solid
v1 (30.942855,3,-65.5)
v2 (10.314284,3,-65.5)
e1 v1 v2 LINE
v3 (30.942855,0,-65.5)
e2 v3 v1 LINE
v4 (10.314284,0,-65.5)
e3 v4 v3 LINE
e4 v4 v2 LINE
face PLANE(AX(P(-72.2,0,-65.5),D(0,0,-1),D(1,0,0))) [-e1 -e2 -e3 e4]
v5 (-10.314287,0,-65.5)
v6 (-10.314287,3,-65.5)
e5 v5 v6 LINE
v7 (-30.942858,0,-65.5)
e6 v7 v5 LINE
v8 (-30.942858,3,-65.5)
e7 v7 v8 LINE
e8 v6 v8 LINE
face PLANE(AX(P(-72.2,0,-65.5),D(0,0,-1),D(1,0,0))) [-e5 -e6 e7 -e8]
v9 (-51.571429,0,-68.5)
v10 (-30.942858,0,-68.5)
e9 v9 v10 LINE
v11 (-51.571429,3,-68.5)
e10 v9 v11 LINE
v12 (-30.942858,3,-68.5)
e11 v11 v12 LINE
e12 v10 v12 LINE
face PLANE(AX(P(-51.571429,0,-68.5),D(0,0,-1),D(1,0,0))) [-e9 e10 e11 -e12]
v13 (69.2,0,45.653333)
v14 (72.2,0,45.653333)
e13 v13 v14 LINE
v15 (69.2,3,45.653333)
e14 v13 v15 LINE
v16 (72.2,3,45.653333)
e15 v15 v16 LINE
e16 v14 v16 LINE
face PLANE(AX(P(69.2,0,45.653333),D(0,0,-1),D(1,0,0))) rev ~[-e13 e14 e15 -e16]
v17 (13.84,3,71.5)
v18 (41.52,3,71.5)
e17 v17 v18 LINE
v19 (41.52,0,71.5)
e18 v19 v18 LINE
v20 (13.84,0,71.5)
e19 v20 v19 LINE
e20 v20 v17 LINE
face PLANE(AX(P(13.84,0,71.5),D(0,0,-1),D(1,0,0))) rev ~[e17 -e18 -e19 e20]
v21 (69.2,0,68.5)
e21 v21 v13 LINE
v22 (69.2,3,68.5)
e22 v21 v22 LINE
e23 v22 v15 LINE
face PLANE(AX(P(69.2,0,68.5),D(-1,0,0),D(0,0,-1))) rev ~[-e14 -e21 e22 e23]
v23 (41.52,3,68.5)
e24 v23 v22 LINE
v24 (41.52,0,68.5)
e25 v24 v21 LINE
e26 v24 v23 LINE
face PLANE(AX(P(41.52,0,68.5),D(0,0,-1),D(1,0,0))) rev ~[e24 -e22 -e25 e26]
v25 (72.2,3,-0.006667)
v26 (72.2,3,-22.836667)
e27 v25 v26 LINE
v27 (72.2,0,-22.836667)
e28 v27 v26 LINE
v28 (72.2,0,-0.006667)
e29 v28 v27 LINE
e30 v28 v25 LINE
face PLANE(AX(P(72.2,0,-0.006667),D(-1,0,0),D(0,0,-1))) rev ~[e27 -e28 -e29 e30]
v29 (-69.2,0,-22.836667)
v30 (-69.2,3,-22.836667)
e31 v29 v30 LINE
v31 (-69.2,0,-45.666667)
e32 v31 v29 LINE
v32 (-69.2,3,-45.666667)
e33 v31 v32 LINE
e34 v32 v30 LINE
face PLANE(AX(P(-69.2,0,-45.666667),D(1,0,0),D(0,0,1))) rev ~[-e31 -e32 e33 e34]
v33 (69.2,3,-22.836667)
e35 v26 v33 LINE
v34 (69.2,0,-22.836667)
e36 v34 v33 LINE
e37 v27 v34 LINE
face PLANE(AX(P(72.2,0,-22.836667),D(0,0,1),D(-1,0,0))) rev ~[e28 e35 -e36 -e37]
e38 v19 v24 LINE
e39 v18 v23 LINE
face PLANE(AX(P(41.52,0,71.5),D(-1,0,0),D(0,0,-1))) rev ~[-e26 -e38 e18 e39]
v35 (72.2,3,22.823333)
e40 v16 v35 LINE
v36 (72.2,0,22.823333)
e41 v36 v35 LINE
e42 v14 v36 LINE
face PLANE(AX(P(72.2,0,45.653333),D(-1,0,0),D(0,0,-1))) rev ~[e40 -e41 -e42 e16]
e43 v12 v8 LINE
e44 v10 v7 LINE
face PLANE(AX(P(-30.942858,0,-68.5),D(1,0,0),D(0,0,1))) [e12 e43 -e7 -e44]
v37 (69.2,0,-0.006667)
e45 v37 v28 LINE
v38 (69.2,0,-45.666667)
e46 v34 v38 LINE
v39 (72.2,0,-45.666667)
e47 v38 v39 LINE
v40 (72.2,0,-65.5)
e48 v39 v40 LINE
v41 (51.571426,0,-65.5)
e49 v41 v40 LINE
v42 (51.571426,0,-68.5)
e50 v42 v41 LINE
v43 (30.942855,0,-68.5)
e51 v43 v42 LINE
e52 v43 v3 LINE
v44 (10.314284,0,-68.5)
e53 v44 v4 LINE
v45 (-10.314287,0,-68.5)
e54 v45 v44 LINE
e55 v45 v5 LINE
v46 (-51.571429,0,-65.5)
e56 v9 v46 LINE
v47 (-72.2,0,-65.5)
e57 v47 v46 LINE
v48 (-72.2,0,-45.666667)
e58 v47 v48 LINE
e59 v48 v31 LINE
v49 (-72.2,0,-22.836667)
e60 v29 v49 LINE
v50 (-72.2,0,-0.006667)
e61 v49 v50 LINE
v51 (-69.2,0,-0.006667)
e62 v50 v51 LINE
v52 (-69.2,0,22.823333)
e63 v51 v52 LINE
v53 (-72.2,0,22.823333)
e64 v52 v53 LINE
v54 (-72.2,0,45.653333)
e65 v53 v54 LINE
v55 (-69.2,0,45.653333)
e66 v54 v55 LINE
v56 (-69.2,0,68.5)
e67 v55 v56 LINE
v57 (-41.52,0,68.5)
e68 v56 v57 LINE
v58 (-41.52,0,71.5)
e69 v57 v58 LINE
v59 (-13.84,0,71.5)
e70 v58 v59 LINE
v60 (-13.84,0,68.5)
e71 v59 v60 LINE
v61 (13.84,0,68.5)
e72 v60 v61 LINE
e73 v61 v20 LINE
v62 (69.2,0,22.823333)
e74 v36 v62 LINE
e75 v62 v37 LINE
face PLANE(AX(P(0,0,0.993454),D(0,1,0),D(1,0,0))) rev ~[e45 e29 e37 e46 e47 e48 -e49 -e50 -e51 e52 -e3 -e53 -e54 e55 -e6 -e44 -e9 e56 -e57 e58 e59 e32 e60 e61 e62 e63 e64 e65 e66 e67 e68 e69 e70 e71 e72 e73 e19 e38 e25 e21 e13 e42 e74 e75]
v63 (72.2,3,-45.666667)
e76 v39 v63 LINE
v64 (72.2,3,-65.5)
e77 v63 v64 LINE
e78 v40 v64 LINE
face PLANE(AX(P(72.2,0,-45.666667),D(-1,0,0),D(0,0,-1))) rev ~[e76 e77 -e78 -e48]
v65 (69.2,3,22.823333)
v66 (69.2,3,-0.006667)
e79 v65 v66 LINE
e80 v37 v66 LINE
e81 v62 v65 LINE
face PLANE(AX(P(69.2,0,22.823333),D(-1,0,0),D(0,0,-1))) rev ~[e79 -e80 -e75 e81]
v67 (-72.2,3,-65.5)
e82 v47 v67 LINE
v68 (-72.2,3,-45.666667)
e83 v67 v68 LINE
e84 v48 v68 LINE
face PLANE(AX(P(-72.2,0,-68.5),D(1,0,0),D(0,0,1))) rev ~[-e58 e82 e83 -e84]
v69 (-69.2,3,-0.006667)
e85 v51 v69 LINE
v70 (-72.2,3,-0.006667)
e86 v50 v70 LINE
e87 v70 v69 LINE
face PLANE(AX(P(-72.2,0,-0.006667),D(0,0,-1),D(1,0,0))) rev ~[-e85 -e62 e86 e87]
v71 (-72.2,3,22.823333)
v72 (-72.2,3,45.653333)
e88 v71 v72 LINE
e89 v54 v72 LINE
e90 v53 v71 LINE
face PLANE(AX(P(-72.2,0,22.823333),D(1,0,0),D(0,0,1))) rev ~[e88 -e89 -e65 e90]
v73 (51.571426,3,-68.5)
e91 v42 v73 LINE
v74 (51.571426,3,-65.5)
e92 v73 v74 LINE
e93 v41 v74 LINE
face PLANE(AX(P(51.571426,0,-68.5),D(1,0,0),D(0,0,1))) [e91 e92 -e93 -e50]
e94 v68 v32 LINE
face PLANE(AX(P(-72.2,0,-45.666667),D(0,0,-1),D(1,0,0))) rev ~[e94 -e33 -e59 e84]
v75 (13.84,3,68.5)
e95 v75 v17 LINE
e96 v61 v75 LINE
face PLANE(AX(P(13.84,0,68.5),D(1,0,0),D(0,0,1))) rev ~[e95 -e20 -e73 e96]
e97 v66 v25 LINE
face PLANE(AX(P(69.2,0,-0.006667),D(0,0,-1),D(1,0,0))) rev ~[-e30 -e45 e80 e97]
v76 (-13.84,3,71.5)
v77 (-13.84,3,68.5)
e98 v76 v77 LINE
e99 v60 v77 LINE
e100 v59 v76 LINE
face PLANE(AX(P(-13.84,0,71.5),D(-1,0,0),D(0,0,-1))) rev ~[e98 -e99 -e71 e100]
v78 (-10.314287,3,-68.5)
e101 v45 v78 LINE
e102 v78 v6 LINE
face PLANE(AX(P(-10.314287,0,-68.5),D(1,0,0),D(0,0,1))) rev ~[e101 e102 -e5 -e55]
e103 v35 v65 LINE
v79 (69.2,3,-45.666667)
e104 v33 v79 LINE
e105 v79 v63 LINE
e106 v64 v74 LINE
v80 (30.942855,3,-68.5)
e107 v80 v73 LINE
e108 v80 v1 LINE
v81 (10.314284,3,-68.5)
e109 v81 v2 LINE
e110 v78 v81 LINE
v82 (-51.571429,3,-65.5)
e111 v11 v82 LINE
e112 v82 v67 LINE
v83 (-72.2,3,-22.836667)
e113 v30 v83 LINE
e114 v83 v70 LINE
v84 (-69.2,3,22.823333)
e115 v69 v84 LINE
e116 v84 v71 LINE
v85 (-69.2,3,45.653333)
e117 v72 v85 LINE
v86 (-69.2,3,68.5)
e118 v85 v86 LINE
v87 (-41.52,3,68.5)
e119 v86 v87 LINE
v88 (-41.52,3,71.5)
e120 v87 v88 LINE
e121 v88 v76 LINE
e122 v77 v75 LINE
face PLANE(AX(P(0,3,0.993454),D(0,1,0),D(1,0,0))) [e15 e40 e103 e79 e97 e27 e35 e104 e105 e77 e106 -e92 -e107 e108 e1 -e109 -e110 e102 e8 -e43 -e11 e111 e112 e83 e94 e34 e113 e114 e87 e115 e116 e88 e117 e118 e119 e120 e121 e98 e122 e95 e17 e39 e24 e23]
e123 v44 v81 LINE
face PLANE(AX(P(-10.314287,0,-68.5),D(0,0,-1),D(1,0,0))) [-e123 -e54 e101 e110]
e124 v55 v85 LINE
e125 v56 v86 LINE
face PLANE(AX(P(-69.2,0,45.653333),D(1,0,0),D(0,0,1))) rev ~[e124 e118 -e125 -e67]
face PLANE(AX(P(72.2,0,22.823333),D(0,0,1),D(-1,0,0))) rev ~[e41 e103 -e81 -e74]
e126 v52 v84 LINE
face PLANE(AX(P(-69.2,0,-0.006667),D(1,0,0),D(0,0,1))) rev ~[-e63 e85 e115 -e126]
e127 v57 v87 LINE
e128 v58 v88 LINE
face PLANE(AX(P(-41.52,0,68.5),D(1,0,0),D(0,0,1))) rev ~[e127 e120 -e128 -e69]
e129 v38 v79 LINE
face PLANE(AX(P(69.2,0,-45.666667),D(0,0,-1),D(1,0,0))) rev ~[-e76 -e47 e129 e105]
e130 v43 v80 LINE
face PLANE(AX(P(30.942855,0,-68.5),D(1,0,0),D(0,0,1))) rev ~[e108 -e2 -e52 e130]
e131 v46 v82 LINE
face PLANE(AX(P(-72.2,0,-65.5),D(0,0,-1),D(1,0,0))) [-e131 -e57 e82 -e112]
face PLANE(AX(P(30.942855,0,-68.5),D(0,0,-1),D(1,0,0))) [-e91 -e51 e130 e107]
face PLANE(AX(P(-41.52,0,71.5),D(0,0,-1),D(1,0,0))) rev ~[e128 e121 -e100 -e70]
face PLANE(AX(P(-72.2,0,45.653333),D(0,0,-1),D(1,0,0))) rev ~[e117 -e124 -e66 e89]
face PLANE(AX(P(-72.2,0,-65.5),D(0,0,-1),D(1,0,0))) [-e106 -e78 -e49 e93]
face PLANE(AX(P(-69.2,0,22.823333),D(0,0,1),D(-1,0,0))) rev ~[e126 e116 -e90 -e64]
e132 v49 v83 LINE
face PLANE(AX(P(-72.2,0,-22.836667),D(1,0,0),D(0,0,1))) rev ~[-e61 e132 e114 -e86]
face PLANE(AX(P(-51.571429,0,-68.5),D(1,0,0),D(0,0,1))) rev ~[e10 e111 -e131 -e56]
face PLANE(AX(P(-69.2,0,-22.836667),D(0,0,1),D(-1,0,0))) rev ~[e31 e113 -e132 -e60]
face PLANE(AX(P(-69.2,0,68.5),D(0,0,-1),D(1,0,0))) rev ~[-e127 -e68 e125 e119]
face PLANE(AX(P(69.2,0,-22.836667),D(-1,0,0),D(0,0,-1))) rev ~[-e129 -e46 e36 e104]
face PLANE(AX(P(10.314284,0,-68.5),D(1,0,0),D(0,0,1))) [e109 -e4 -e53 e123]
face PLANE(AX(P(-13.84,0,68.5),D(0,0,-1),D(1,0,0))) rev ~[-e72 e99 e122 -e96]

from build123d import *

# Parameters (mm, degrees)
BOSS_EXTRUDE1_DEPTH = 3
SKETCH4_W           = 144.4
SKETCH4_H           = 3
CUT_EXTRUDE1_DEPTH  = 4
SKETCH5_W           = 20.628571
SKETCH5_H           = 3
BOSS_EXTRUDE2_DEPTH = 3


with BuildPart() as part:
    # Sketch2 → Boss-Extrude1 (new body)
    with BuildSketch(Plane(origin=(0, 0, 0), x_dir=(1, 0, 0), z_dir=(0, 1, 0))):
        Polygon((-69.2, -68.5), (-41.52, -68.5), (-41.52, -71.5), (-13.84, -71.5), (-13.84, -68.5), (13.84, -68.5), (13.84, -71.5), (41.52, -71.5), (41.52, -68.5), (69.2, -68.5), (69.2, -45.653333333), (72.2, -45.653333333), (72.2, -22.823333333), (69.2, -22.823333333), (69.2, 0.006666667), (72.2, 0.006666667), (72.2, 22.836666667), (69.2, 22.836666667), (69.2, 45.666666667), (72.2, 45.666666667), (72.2, 68.5), (-72.2, 68.5), (-72.2, 45.666666667), (-69.2, 45.666666667), (-69.2, 22.836666667), (-72.2, 22.836666667), (-72.2, 0.006666667), (-69.2, 0.006666667), (-69.2, -22.823333333), (-72.2, -22.823333333), (-72.2, -45.653333333), (-69.2, -45.653333333), align=None)
    extrude(amount=BOSS_EXTRUDE1_DEPTH)

    # Sketch4 → Cut-Extrude1 (cut, through all)
    with BuildSketch(Plane.XZ):
        with Locations((0, -67)):
            Rectangle(SKETCH4_W, SKETCH4_H)
    extrude(amount=-CUT_EXTRUDE1_DEPTH, mode=Mode.SUBTRACT)

    # Sketch5 → Boss-Extrude2 (add)
    with BuildSketch(Plane.XZ):
        with Locations((-41.257143071, -67)):
            Rectangle(SKETCH5_W, SKETCH5_H)
        with Locations((-1.071e-06, -67)):
            Rectangle(SKETCH5_W, SKETCH5_H)
        with Locations((41.257140929, -67)):
            Rectangle(SKETCH5_W, SKETCH5_H)
    extrude(amount=-BOSS_EXTRUDE2_DEPTH)


solid = part.part
